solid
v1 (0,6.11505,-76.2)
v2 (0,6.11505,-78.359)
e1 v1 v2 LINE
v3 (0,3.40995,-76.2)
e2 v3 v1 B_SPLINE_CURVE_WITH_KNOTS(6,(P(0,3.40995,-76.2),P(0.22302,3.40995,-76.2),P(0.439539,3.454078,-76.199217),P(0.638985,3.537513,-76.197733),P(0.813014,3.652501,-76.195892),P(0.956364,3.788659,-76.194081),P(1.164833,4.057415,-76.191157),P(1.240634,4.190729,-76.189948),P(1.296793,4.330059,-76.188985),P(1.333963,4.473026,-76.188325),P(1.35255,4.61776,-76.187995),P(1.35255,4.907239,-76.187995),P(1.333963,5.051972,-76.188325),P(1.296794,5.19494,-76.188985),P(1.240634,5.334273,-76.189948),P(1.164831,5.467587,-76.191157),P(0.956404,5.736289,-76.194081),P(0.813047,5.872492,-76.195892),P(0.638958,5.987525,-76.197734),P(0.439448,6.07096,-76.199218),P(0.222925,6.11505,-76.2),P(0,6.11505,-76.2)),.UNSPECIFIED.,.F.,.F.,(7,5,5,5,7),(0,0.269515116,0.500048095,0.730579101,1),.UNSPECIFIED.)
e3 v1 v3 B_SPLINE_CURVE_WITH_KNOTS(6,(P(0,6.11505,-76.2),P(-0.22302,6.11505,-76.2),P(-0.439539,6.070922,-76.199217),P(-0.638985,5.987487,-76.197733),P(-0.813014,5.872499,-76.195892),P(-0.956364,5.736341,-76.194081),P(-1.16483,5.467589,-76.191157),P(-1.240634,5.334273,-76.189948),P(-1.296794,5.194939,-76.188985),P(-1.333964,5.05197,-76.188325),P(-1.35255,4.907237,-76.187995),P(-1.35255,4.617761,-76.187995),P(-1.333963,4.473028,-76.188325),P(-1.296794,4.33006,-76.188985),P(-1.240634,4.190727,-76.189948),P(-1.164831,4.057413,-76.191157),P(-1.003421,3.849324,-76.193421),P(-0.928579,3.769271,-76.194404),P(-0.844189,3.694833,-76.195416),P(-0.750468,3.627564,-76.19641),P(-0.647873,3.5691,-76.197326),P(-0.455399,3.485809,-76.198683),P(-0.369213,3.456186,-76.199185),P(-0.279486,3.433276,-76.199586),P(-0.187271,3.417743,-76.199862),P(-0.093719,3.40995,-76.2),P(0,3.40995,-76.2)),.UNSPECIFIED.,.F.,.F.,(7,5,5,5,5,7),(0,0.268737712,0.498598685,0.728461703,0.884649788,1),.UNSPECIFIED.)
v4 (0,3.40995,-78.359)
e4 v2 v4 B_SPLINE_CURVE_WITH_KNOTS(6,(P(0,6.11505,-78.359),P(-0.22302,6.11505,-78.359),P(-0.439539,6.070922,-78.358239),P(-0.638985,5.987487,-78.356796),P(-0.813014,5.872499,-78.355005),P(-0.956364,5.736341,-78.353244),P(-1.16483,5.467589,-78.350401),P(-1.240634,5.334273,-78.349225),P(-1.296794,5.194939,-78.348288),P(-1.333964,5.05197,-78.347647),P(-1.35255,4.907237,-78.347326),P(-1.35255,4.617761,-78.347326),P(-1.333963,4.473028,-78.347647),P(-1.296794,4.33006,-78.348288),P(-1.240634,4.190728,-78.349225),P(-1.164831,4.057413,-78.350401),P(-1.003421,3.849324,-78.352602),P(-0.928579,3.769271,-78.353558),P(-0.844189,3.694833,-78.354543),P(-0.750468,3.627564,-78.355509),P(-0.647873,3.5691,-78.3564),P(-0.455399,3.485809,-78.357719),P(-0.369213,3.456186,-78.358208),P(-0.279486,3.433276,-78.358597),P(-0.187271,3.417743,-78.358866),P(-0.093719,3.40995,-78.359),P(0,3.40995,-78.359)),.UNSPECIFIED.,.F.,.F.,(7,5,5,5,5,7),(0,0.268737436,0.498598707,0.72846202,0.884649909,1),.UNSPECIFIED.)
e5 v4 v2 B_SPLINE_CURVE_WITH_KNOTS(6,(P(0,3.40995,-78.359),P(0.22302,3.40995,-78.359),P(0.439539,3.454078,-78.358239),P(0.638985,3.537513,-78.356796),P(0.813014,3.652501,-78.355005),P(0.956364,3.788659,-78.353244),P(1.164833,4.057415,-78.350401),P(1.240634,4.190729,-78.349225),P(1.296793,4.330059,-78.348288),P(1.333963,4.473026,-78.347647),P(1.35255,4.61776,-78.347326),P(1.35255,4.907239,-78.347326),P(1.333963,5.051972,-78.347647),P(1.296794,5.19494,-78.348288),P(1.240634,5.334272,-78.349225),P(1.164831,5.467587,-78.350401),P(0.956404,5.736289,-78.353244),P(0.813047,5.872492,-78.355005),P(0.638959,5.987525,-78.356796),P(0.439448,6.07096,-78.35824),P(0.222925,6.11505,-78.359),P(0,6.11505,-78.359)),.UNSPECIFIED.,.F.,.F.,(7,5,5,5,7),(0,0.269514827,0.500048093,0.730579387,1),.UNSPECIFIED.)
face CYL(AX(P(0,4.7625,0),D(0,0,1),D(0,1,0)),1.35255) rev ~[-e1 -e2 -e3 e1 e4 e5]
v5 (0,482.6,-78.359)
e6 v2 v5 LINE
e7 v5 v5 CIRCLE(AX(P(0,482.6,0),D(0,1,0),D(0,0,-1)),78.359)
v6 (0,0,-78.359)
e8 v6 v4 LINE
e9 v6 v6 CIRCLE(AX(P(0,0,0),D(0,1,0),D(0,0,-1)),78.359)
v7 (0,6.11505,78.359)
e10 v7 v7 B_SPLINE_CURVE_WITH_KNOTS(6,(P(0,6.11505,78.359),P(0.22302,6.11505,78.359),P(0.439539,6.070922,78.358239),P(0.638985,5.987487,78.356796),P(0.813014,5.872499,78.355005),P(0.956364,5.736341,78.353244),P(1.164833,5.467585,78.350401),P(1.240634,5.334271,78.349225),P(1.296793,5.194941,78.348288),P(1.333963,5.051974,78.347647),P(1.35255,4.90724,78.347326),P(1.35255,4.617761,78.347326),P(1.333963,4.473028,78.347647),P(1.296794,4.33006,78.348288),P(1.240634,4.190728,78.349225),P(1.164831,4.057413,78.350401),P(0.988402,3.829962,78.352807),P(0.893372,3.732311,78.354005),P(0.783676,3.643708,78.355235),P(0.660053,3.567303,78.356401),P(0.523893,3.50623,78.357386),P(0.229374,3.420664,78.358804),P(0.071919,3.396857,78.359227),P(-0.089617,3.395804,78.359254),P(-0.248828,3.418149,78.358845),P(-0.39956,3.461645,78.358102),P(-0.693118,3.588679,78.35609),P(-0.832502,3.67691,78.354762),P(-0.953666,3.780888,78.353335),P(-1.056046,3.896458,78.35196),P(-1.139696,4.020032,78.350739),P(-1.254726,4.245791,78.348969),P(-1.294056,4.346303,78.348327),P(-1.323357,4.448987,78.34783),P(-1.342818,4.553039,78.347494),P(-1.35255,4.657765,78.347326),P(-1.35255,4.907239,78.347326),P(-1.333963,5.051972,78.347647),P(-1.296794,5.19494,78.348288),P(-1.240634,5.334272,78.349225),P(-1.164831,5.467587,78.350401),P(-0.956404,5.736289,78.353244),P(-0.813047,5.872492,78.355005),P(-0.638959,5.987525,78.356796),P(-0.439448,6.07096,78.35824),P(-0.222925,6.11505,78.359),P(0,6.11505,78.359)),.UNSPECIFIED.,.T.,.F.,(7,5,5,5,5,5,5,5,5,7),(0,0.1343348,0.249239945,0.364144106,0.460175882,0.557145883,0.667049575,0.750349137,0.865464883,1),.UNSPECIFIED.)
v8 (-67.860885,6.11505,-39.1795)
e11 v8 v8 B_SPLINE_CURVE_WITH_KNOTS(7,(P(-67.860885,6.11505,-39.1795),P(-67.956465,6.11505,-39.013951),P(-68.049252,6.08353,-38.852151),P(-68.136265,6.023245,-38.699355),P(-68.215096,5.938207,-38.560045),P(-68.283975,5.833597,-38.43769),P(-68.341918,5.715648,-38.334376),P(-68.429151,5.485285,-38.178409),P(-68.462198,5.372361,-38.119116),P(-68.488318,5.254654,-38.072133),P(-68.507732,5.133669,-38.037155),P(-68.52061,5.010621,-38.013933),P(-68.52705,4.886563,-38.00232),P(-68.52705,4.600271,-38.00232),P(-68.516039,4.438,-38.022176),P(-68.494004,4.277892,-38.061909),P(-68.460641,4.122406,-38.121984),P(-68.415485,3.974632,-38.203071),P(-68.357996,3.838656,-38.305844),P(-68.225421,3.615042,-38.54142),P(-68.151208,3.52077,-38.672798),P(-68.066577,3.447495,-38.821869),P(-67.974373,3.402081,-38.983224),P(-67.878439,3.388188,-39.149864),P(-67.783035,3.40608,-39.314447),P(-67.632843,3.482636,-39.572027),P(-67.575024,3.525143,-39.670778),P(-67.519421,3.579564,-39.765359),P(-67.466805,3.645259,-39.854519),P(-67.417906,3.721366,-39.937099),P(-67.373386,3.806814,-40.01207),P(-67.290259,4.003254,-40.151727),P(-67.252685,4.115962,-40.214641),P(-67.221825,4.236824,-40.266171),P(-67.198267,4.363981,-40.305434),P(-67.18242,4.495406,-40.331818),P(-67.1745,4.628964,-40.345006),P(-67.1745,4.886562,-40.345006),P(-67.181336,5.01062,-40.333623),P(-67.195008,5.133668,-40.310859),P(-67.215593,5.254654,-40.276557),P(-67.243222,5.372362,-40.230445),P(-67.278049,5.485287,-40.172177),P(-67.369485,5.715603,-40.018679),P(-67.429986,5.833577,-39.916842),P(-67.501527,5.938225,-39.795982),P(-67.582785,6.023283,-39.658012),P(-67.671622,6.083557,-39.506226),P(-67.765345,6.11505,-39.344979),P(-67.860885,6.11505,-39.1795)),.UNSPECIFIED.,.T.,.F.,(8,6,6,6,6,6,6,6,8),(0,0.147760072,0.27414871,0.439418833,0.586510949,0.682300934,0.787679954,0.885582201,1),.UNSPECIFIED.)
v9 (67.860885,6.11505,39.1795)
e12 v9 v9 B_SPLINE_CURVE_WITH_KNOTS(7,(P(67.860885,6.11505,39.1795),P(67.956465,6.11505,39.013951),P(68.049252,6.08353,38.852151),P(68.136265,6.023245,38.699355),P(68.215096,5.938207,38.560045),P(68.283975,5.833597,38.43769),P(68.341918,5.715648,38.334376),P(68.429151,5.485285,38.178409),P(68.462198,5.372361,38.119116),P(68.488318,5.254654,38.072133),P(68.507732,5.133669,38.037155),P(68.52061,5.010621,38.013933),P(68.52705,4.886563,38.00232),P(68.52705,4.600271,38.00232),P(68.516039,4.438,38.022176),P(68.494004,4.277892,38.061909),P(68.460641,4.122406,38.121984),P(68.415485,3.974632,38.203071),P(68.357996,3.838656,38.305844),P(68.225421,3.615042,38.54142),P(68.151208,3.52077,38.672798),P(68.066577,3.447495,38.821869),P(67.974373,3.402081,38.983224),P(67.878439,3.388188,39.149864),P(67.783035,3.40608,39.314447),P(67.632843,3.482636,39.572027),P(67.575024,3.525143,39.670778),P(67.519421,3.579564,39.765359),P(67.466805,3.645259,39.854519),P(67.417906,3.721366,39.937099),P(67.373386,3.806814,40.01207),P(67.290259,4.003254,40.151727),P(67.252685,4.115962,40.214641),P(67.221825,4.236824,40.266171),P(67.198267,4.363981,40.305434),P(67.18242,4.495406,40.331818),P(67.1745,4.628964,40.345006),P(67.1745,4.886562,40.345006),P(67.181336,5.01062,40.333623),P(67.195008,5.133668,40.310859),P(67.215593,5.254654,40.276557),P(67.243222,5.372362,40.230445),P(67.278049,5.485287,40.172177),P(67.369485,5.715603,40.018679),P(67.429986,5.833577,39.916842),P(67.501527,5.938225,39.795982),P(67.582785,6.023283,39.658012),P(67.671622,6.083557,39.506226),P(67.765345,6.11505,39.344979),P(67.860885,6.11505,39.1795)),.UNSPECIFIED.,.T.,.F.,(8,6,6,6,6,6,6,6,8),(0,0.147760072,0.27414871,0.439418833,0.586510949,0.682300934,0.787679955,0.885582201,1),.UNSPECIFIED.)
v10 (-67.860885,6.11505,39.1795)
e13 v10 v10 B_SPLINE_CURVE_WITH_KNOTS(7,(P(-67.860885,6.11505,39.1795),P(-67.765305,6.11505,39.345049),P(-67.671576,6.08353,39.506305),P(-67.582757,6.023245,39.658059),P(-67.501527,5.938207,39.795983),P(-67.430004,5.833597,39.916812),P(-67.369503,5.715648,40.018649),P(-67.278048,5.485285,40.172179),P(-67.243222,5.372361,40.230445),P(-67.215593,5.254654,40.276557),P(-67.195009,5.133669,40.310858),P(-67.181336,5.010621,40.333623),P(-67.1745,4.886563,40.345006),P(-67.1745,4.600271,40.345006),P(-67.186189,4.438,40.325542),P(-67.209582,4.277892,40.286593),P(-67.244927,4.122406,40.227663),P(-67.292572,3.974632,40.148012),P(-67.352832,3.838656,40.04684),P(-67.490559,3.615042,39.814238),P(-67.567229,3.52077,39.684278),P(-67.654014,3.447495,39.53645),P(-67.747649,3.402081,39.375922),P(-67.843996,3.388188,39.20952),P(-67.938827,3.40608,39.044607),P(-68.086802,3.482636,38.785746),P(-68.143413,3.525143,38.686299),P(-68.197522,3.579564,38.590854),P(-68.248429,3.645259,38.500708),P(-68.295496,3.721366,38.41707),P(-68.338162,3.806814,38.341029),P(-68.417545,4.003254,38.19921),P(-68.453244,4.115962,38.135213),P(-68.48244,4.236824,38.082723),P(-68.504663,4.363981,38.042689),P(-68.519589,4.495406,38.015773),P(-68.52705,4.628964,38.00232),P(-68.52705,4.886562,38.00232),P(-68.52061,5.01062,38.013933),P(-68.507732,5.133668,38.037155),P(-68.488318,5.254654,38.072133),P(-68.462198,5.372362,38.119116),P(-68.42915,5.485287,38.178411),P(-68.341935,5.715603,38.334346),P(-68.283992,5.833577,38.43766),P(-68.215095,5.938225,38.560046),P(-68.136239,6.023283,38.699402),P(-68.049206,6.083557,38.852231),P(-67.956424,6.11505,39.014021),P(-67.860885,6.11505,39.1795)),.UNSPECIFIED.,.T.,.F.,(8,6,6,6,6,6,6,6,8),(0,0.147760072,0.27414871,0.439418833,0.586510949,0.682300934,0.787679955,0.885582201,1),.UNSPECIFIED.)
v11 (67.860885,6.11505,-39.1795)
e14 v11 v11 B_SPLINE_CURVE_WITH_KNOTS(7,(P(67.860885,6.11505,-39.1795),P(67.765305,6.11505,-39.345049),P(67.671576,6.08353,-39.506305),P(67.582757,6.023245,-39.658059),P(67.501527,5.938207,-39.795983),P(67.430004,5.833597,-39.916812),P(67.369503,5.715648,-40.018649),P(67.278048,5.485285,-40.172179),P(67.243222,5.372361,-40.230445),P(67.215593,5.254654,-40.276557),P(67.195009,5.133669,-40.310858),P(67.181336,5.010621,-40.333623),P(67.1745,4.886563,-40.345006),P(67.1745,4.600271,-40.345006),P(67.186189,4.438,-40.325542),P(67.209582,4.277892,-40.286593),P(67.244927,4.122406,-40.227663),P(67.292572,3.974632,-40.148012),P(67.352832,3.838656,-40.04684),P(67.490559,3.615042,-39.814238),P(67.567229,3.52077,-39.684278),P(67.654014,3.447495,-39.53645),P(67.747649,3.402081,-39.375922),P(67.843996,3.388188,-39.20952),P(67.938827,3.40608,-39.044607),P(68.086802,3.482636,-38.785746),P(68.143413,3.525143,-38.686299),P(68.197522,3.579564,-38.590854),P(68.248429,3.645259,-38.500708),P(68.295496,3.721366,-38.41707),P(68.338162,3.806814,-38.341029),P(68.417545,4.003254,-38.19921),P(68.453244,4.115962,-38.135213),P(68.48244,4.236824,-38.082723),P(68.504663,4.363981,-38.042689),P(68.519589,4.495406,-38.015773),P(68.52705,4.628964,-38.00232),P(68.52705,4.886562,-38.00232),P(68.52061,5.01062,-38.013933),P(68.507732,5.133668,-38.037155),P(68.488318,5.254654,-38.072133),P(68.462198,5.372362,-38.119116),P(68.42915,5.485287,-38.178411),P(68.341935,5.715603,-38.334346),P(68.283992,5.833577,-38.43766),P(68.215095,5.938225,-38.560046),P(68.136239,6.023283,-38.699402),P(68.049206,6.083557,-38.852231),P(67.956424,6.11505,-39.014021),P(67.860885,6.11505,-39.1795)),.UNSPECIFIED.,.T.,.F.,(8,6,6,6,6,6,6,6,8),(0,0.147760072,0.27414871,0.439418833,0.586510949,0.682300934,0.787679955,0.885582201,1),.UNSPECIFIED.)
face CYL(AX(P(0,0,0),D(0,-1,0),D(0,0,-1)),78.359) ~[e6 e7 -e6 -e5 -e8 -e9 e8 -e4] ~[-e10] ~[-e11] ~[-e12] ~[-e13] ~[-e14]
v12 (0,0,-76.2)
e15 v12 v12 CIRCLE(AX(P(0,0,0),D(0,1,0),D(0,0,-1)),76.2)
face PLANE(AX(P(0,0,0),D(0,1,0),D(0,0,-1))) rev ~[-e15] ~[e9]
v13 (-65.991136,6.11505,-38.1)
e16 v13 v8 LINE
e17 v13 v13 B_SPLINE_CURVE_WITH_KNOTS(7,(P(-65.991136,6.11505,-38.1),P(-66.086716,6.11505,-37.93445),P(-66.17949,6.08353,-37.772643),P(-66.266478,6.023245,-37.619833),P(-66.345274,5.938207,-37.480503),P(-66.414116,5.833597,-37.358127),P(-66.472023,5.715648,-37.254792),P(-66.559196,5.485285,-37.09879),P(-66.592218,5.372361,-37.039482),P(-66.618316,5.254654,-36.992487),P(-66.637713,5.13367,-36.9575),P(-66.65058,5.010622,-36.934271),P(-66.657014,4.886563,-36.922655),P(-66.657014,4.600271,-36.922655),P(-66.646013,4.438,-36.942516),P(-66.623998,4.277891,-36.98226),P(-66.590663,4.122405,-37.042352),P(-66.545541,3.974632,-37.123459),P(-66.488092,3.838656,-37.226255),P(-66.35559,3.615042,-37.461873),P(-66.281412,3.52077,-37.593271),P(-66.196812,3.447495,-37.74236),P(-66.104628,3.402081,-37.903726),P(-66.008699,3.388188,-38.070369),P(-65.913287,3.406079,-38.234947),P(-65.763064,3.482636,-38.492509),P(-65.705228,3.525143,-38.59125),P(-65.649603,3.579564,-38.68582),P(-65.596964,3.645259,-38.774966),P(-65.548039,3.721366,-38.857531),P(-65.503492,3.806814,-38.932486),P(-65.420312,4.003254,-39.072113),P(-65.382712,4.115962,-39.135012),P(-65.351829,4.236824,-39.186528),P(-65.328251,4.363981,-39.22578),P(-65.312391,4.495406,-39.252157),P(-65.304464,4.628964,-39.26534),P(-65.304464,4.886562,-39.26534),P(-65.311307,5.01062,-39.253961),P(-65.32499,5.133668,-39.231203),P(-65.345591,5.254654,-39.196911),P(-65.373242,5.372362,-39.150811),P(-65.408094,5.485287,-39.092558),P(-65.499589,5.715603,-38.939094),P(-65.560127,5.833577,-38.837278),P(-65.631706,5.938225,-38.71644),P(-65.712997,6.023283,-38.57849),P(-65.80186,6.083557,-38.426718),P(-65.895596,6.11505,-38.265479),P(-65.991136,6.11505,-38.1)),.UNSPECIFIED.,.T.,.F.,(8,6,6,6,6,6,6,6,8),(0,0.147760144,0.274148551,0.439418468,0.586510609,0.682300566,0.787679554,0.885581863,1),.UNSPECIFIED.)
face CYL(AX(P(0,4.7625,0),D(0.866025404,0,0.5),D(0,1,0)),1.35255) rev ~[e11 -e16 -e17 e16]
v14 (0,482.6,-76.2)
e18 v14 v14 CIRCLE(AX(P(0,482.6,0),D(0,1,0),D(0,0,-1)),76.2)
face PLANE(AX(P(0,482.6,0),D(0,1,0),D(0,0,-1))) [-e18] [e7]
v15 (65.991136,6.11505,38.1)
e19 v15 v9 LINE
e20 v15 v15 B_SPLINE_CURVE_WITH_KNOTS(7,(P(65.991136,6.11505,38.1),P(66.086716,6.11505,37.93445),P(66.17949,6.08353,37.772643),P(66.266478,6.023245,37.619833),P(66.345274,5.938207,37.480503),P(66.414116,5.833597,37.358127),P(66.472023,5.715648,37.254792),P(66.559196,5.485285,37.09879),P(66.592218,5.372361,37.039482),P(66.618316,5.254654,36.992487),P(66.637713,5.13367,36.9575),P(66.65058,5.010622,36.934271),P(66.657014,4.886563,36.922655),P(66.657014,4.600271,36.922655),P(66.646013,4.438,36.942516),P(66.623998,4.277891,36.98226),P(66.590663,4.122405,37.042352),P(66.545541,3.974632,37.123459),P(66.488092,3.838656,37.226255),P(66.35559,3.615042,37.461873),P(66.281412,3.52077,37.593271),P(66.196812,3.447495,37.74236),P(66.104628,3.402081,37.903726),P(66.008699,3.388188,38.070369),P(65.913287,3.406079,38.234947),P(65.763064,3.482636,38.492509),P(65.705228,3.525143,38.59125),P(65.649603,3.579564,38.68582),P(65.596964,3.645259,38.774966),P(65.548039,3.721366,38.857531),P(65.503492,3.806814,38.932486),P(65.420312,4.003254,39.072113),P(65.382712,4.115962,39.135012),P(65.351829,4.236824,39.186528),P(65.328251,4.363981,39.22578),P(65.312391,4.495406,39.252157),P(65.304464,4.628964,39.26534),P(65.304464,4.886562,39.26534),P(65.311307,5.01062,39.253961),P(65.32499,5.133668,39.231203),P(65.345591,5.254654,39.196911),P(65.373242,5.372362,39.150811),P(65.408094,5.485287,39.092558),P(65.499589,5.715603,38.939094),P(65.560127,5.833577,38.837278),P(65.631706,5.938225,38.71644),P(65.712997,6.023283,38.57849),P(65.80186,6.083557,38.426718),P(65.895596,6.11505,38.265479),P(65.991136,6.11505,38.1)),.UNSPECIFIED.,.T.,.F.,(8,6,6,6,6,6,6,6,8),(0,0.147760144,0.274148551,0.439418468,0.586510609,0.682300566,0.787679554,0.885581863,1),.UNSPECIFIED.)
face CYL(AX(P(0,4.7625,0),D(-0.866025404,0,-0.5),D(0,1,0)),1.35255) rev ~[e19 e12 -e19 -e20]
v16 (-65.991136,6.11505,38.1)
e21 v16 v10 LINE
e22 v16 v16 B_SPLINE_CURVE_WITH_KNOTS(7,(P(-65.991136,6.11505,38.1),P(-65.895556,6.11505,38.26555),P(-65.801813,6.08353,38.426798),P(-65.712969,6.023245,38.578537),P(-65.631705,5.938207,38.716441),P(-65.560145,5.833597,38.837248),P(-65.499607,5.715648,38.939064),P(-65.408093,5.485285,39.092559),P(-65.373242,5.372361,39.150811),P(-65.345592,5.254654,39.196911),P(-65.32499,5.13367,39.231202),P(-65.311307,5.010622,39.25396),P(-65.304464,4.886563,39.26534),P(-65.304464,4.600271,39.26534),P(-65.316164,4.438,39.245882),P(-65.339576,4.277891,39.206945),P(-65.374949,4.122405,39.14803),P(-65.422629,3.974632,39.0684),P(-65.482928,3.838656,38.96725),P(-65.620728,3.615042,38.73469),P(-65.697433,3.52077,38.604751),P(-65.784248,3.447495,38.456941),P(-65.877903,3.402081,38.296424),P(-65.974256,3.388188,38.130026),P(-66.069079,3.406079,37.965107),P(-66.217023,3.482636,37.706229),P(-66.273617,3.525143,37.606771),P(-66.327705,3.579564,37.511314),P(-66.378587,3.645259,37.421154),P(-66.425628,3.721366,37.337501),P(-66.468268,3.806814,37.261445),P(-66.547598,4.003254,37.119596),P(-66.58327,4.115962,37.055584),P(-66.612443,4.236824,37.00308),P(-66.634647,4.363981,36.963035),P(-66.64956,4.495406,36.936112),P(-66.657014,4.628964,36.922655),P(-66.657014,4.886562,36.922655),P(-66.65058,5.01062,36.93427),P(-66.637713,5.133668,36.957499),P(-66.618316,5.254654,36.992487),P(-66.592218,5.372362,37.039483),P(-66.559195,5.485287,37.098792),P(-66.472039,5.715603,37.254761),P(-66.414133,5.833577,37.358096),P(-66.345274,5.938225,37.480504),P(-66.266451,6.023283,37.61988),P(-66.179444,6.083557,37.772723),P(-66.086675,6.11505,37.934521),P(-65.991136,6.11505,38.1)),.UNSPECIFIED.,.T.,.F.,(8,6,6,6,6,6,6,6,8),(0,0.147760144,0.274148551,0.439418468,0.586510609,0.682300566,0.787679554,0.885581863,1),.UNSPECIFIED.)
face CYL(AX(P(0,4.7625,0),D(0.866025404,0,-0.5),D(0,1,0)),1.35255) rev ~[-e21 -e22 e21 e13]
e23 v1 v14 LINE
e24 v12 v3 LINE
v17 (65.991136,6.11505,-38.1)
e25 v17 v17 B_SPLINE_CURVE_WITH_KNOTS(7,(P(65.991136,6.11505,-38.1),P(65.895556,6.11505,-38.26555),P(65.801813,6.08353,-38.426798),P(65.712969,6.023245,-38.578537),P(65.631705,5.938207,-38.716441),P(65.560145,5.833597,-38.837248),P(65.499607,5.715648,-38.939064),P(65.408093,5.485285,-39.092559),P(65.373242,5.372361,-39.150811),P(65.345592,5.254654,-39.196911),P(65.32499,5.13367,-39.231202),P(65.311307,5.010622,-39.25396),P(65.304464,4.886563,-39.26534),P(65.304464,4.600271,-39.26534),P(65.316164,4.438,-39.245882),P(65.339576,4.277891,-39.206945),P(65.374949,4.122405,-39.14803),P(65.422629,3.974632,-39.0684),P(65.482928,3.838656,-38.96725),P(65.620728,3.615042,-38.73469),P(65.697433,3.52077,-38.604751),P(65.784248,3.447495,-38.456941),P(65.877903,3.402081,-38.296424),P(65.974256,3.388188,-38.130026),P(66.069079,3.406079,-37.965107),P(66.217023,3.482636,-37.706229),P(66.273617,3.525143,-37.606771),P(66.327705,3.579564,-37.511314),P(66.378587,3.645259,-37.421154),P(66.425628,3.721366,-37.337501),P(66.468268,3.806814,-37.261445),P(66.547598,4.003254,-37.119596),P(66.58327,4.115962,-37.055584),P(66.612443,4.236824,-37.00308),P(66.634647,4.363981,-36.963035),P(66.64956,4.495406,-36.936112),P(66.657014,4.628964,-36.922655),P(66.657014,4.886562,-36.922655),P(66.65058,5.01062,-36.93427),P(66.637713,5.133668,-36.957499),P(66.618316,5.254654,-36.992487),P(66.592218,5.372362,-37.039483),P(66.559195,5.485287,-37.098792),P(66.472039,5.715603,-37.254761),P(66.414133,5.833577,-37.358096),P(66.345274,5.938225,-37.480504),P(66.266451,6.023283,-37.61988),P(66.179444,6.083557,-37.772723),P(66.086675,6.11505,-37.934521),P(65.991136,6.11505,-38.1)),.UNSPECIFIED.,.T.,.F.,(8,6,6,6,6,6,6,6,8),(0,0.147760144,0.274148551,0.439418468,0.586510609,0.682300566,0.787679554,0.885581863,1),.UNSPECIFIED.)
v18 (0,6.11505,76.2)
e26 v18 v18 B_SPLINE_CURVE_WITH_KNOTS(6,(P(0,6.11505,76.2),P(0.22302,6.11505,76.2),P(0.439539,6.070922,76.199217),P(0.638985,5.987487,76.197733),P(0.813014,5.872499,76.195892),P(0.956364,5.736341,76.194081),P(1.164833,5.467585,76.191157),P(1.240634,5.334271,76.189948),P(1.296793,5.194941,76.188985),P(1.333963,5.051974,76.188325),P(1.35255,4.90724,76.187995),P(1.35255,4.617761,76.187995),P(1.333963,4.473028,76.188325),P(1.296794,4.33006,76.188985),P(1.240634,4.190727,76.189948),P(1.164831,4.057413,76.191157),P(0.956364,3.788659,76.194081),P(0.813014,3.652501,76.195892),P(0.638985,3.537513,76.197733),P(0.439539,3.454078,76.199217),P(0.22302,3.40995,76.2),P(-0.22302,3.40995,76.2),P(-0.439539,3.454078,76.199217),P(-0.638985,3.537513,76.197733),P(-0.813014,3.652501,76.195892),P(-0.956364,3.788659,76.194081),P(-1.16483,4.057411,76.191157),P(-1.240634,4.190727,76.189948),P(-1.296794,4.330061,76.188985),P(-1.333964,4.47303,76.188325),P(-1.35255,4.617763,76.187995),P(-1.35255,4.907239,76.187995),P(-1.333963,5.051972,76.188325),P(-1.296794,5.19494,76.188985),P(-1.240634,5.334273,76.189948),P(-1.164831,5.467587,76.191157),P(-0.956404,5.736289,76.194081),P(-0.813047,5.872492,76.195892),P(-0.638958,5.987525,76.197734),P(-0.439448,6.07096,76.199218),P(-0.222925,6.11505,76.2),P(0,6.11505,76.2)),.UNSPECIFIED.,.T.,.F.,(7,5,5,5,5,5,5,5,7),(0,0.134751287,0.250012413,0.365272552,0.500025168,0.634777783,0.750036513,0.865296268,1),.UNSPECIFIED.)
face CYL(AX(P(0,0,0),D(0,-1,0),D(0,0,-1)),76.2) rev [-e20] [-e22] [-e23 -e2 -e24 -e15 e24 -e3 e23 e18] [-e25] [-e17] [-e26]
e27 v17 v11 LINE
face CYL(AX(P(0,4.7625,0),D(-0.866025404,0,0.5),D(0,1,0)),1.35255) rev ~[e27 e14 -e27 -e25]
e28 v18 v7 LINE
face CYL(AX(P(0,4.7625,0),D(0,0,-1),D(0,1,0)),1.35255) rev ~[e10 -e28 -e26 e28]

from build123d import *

# Parameters (mm, degrees)
SKETCH1_R           = 78.359
SKETCH1_R_2         = 76.2
BOSS_EXTRUDE1_DEPTH = 482.6
SKETCH2_R           = 1.35255
CUT_EXTRUDE1_DEPTH  = 496.159596254
CIRPATTERN1_COUNT   = 6


with BuildPart() as part:
    # Sketch1 → Boss-Extrude1 (new body)
    with BuildSketch(Plane(origin=(0, 0, 0), x_dir=(1, 0, 0), z_dir=(0, 1, 0))):
        with Locations(Location((0, 0, 0), (0, 0, 90))):
            Circle(SKETCH1_R)
        with Locations(Location((0, 0, 0), (0, 0, 90))):
            Circle(SKETCH1_R_2, mode=Mode.SUBTRACT)
    extrude(amount=BOSS_EXTRUDE1_DEPTH)

    # Sketch2 → Cut-Extrude1 (cut, through all)
    with BuildSketch(Plane.XY):
        with Locations(Location((0, 4.7625, 0), (0, 0, 90))):
            Circle(SKETCH2_R)
    cut_extrude1 = extrude(amount=-CUT_EXTRUDE1_DEPTH, mode=Mode.SUBTRACT)

    # CirPattern1: Cut-Extrude1 ×6 about axis
    cirpattern1_axis = Axis((0, 482.6, 0), (0, -1, 0))
    for i in range(1, CIRPATTERN1_COUNT):
        add(cut_extrude1.rotate(cirpattern1_axis, i * 360 / CIRPATTERN1_COUNT), mode=Mode.SUBTRACT)


solid = part.part
